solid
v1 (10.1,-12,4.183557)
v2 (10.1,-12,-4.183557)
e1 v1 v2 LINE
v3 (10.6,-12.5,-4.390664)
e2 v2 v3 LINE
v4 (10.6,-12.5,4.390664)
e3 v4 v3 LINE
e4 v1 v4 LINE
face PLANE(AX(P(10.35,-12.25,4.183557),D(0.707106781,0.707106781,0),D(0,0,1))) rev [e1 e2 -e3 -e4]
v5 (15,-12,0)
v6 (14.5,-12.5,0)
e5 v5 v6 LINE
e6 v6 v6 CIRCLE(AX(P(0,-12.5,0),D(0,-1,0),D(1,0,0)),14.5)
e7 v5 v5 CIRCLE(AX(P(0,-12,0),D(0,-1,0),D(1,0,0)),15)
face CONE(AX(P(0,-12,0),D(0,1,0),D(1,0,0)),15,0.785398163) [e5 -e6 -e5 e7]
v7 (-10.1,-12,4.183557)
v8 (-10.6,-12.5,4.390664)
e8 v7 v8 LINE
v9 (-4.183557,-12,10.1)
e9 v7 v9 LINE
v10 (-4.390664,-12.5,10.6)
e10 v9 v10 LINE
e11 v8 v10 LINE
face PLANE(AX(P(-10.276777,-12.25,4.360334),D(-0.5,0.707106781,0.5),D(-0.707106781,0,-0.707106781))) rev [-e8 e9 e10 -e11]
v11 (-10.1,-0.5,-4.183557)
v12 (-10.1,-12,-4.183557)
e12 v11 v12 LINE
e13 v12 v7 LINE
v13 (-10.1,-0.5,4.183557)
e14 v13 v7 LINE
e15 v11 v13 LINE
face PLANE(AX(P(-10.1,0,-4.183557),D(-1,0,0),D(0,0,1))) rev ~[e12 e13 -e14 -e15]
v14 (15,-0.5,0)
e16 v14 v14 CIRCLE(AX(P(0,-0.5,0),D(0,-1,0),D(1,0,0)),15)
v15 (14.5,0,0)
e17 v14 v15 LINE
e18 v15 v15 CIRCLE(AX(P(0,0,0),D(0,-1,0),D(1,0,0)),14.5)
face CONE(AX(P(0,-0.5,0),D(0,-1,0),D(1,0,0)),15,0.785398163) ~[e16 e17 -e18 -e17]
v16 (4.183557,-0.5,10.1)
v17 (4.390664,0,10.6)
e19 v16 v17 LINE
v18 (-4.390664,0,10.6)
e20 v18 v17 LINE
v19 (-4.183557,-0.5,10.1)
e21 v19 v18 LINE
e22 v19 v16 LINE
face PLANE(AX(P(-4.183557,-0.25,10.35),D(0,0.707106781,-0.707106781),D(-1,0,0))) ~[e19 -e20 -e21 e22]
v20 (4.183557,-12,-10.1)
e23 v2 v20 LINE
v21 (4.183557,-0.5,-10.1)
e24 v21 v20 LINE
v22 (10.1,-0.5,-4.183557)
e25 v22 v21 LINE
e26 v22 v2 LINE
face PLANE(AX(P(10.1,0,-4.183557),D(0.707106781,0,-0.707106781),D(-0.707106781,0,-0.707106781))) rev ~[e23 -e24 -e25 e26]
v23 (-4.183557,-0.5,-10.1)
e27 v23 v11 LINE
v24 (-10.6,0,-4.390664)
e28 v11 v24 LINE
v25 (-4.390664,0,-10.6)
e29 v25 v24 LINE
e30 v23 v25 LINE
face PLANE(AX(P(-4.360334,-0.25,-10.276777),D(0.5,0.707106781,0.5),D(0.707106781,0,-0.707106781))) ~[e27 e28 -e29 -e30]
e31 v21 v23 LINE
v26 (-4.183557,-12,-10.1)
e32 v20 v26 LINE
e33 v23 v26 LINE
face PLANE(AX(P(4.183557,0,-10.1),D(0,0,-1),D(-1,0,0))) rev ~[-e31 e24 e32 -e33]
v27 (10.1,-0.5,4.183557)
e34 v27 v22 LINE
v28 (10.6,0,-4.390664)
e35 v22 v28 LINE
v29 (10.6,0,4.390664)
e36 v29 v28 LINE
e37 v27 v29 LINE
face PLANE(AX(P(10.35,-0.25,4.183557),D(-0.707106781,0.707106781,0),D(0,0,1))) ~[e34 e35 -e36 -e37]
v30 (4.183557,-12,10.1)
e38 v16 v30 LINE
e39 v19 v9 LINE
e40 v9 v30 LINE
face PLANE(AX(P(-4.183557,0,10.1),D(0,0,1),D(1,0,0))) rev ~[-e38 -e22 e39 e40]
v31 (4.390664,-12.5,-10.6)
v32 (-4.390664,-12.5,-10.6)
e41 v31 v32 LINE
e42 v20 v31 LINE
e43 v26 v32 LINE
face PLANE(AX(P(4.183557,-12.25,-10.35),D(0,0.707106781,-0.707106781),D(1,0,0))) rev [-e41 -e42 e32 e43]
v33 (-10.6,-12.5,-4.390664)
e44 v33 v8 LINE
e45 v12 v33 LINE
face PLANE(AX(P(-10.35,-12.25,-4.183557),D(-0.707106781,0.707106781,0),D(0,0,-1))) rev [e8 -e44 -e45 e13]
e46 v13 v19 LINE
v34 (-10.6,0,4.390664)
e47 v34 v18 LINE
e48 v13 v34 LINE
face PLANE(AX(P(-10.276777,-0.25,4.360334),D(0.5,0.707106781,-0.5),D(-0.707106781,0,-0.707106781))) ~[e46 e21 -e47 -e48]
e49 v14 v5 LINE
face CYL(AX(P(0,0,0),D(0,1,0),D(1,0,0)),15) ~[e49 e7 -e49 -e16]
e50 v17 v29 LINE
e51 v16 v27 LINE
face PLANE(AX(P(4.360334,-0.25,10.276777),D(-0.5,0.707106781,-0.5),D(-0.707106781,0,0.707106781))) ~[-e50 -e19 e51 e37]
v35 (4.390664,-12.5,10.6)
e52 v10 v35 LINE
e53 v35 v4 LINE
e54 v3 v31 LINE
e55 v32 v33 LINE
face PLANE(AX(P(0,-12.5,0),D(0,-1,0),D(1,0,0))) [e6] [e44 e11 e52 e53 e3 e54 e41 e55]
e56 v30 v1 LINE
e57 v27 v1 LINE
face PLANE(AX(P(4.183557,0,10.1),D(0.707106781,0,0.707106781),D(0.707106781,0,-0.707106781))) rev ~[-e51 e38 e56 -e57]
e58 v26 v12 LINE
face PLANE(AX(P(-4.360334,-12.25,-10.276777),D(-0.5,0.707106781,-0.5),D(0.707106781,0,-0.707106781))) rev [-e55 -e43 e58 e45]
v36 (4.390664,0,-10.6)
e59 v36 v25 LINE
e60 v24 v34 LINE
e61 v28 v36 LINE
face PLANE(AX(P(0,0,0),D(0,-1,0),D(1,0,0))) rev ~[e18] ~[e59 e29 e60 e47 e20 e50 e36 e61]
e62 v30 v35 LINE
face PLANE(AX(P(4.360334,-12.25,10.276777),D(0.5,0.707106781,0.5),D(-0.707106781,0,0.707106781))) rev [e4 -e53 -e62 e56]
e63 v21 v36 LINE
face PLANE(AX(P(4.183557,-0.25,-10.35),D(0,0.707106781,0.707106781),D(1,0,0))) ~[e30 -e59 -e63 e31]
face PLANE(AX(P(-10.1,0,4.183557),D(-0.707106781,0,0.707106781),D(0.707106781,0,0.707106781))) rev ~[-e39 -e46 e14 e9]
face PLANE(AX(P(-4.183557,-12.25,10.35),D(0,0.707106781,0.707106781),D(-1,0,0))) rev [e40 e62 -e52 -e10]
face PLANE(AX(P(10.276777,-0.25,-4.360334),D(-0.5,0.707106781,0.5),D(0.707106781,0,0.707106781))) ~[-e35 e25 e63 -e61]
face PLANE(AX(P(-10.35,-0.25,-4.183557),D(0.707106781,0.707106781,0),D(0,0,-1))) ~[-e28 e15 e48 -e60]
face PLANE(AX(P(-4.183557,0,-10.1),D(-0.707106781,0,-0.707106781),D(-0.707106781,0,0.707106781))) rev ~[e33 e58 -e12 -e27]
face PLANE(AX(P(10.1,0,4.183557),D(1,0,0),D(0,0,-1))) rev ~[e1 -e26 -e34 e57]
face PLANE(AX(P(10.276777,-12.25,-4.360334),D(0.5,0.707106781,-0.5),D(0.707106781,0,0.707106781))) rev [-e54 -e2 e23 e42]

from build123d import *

# Parameters (mm, degrees)
F0_R     = 15
F1_DEPTH = 12.5
F2_SIZE  = 0.5


with BuildPart() as f1:
    # F0 (on Front) → F1 (new body)
    with BuildSketch(Plane.XZ):
        Circle(F0_R)
        Polygon((-4.183557, -10.1), (-10.1, -4.183557), (-10.1, 4.183557), (-4.183557, 10.1), (4.183557, 10.1), (10.1, 4.183557), (10.1, -4.183557), (4.183557, -10.1), align=None, mode=Mode.SUBTRACT)
    extrude(amount=F1_DEPTH)

    # F2
    f2_edges = [f1.edges().sort_by_distance(p)[0] for p in [
        (-15, -12.5, 0),
        (-7.141778, -12.5, -7.141778),
        (-10.1, -12.5, 0),
        (-7.141778, -12.5, 7.141778),
        (0, -12.5, 10.1),
        (7.141778, -12.5, 7.141778),
        (10.1, -12.5, 0),
        (7.141778, -12.5, -7.141778),
        (0, -12.5, -10.1),
        (-15, 0, 0),
        (-7.141778, 0, -7.141778),
        (-10.1, 0, 0),
        (-7.141778, 0, 7.141778),
        (0, 0, 10.1),
        (7.141778, 0, 7.141778),
        (10.1, 0, 0),
        (7.141778, 0, -7.141778),
        (0, 0, -10.1),
    ]]
    chamfer(f2_edges, length=F2_SIZE)


solid = f1.part
